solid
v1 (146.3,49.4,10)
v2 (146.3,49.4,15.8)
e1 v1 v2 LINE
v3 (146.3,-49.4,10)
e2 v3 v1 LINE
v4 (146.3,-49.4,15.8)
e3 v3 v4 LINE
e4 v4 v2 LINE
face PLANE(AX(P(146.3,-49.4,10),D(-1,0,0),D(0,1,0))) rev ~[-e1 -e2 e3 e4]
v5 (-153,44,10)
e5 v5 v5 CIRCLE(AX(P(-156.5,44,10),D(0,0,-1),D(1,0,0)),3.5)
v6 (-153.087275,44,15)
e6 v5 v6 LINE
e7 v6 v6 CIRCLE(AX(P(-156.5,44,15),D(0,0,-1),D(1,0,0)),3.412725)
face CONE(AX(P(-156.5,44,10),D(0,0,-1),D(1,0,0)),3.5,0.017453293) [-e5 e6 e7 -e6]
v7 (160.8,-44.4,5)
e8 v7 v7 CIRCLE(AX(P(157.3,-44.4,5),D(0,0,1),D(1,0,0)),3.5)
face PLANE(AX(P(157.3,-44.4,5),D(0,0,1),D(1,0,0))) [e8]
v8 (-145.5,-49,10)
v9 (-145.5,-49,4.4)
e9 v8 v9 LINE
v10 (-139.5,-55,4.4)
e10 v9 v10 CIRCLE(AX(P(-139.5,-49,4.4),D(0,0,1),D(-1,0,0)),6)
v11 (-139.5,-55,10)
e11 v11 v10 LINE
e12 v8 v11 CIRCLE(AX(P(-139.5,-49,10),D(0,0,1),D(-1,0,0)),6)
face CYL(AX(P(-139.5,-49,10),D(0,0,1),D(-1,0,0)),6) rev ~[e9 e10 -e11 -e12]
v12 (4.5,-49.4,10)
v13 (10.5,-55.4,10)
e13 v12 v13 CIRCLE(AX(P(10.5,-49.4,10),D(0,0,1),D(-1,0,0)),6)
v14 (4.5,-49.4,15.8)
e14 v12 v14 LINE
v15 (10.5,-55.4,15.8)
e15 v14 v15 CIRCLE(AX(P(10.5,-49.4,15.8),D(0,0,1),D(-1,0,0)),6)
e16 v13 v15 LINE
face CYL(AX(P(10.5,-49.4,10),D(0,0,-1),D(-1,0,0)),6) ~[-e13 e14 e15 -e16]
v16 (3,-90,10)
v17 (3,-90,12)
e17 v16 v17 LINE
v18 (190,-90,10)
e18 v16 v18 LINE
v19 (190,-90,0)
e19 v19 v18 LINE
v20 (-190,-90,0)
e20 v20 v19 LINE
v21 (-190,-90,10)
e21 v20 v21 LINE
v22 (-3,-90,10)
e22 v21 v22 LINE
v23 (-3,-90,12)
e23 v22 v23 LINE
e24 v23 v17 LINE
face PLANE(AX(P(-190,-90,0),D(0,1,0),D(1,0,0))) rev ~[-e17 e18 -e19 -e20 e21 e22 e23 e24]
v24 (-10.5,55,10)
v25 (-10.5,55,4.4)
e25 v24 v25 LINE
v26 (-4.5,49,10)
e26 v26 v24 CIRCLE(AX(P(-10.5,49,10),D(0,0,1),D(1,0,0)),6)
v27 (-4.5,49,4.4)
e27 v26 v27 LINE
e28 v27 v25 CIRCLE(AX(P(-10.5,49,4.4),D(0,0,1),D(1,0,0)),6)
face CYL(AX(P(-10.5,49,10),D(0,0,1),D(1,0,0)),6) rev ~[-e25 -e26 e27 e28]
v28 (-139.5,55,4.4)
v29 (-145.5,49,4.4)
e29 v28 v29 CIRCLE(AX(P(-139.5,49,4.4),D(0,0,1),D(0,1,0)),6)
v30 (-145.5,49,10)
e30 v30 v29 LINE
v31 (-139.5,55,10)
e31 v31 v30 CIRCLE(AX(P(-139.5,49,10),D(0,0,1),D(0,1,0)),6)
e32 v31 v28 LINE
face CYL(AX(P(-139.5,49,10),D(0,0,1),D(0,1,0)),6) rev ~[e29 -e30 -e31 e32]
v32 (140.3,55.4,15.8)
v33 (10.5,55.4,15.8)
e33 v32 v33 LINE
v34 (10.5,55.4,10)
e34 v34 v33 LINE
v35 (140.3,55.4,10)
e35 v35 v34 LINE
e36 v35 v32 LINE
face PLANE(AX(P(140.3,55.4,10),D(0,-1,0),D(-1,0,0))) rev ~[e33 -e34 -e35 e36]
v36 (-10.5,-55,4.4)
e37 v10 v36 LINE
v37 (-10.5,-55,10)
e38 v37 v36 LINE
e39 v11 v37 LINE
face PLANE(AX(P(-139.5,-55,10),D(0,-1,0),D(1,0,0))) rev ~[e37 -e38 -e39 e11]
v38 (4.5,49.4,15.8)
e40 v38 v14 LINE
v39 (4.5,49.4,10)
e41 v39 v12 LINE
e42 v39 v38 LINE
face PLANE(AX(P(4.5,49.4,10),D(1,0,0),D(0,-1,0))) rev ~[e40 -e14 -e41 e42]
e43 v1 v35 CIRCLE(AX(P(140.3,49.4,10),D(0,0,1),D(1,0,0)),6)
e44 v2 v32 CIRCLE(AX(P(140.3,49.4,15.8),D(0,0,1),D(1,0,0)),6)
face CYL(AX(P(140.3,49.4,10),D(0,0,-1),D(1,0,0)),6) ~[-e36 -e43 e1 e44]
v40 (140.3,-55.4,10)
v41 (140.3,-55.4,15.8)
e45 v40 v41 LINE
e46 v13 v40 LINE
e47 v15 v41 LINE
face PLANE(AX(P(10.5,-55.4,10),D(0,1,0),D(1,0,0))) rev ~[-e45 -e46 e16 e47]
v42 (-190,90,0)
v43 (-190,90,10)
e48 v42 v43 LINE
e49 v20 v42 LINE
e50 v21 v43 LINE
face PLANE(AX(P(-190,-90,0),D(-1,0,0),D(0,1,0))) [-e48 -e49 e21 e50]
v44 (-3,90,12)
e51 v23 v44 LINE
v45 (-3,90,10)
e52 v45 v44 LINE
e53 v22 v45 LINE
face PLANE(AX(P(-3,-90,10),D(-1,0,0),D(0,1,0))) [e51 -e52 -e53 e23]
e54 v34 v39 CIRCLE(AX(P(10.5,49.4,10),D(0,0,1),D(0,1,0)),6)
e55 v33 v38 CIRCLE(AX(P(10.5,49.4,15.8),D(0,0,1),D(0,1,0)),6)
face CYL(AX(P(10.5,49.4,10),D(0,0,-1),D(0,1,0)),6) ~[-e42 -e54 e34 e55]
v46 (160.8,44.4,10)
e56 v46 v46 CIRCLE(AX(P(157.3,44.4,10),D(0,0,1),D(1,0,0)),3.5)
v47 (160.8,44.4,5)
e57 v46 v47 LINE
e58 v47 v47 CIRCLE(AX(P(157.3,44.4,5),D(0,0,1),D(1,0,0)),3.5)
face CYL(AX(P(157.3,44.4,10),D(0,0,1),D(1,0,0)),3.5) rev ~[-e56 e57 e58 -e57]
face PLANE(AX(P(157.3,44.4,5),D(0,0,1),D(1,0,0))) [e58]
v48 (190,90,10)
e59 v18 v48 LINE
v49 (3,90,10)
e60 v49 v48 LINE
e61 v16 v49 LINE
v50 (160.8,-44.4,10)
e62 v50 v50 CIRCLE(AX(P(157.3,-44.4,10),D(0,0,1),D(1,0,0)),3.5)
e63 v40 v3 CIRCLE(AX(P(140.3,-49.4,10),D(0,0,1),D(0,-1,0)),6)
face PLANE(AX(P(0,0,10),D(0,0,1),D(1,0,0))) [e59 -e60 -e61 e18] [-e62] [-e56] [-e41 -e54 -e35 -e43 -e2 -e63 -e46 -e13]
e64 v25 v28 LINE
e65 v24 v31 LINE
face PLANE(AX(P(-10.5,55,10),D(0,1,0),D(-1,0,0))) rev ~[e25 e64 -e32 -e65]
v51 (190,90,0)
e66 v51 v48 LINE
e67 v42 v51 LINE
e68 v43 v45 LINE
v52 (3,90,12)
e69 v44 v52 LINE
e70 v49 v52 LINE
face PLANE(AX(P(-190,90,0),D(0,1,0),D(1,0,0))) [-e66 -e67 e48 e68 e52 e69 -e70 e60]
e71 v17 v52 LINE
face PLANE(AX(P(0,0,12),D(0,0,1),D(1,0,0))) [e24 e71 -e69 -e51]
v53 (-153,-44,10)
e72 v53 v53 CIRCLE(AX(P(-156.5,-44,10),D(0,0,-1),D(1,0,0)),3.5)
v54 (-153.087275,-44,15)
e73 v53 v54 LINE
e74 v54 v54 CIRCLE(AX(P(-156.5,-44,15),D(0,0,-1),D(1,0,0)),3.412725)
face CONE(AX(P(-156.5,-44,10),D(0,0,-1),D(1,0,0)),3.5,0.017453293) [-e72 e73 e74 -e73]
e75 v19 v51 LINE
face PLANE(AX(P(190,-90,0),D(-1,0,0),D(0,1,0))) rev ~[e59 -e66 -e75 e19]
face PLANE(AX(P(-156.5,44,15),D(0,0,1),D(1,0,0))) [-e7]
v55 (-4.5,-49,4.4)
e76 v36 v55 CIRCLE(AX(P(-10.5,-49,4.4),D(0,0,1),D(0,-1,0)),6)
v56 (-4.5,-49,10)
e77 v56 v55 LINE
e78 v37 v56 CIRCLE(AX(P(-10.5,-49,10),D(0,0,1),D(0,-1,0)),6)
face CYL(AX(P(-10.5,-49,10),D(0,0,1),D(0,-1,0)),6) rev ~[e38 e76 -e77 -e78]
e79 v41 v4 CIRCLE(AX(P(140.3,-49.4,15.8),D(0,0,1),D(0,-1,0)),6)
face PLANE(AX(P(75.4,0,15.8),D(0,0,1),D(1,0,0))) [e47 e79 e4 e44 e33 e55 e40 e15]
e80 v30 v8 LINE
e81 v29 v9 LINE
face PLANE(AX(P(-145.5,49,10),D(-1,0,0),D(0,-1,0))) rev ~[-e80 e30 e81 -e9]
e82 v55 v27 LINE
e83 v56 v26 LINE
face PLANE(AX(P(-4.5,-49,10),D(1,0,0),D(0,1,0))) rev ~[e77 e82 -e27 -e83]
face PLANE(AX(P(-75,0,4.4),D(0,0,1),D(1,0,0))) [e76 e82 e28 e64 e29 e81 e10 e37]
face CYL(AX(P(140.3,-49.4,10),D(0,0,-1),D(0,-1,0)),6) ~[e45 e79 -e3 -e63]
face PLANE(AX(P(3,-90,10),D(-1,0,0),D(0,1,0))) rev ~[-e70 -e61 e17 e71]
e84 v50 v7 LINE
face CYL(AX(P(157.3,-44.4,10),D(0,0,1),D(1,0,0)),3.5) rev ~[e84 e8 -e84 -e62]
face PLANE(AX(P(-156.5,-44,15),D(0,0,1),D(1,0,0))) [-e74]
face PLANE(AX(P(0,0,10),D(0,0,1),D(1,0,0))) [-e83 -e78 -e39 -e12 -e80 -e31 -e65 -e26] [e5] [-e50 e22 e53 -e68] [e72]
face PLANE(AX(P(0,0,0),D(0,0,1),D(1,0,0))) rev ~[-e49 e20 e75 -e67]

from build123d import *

# Parameters (mm, degrees)
F0_W      = 380
F0_H      = 180
F1_DEPTH  = 10
F2_W      = 6
F2_H      = 180
F3_DEPTH  = 2
F5_DEPTH  = 5.6
F7_DEPTH  = 5.8
F8_R      = 3.5
F9_DEPTH  = 5
F9_TAPER  = 1
F10_R     = 3.5
F11_DEPTH = 5


with BuildPart() as f1:
    # F0 (on Top) → F1 (new body)
    with BuildSketch(Plane.XY):
        Rectangle(F0_W, F0_H)
    extrude(amount=F1_DEPTH)

    # F2 (on face) → F3 (join)
    with BuildSketch(Plane.XY.offset(10)):
        Rectangle(F2_W, F2_H)
    extrude(amount=F3_DEPTH)

    # F4 (on face) → F5 (cut)
    with BuildSketch(Plane.XY.offset(10)):
        with BuildLine():
            ThreePointArc((-4.5, 49), (-6.2573593129, 53.2426406871), (-10.5, 55))
            Line((-10.5, 55), (-139.5, 55))
            ThreePointArc((-139.5, 55), (-143.7426406871, 53.2426406871), (-145.5, 49))
            Line((-145.5, 49), (-145.5, -49))
            ThreePointArc((-145.5, -49), (-143.7426406871, -53.2426406871), (-139.5, -55))
            Line((-139.5, -55), (-10.5, -55))
            ThreePointArc((-10.5, -55), (-6.2573593129, -53.2426406871), (-4.5, -49))
            Line((-4.5, -49), (-4.5, 49))
        make_face()
    extrude(amount=-F5_DEPTH, mode=Mode.SUBTRACT)

    # F6 (on face) → F7 (join)
    with BuildSketch(Plane.XY.offset(10)):
        with BuildLine():
            Line((140.3, 55.4), (10.5, 55.4))
            ThreePointArc((10.5, 55.4), (6.2573593129, 53.6426406871), (4.5, 49.4))
            Line((4.5, 49.4), (4.5, -49.4))
            ThreePointArc((4.5, -49.4), (6.2573593129, -53.6426406871), (10.5, -55.4))
            Line((10.5, -55.4), (140.3, -55.4))
            ThreePointArc((140.3, -55.4), (144.5426406871, -53.6426406871), (146.3, -49.4))
            Line((146.3, -49.4), (146.3, 49.4))
            ThreePointArc((146.3, 49.4), (144.5426406871, 53.6426406871), (140.3, 55.4))
        make_face()
    extrude(amount=F7_DEPTH)

    # F8 (on face) → F9 (join)
    with BuildSketch(Plane.XY.offset(10)):
        with Locations((-156.5, 44)):
            Circle(F8_R)
        with Locations((-156.5, -44)):
            Circle(F8_R)
    extrude(amount=F9_DEPTH, taper=F9_TAPER)

    # F10 (on face) → F11 (cut)
    with BuildSketch(Plane.XY.offset(10)):
        with Locations((157.3, 44.4)):
            Circle(F10_R)
        with Locations((157.3, -44.4)):
            Circle(F10_R)
    extrude(amount=-F11_DEPTH, mode=Mode.SUBTRACT)


solid = f1.part
